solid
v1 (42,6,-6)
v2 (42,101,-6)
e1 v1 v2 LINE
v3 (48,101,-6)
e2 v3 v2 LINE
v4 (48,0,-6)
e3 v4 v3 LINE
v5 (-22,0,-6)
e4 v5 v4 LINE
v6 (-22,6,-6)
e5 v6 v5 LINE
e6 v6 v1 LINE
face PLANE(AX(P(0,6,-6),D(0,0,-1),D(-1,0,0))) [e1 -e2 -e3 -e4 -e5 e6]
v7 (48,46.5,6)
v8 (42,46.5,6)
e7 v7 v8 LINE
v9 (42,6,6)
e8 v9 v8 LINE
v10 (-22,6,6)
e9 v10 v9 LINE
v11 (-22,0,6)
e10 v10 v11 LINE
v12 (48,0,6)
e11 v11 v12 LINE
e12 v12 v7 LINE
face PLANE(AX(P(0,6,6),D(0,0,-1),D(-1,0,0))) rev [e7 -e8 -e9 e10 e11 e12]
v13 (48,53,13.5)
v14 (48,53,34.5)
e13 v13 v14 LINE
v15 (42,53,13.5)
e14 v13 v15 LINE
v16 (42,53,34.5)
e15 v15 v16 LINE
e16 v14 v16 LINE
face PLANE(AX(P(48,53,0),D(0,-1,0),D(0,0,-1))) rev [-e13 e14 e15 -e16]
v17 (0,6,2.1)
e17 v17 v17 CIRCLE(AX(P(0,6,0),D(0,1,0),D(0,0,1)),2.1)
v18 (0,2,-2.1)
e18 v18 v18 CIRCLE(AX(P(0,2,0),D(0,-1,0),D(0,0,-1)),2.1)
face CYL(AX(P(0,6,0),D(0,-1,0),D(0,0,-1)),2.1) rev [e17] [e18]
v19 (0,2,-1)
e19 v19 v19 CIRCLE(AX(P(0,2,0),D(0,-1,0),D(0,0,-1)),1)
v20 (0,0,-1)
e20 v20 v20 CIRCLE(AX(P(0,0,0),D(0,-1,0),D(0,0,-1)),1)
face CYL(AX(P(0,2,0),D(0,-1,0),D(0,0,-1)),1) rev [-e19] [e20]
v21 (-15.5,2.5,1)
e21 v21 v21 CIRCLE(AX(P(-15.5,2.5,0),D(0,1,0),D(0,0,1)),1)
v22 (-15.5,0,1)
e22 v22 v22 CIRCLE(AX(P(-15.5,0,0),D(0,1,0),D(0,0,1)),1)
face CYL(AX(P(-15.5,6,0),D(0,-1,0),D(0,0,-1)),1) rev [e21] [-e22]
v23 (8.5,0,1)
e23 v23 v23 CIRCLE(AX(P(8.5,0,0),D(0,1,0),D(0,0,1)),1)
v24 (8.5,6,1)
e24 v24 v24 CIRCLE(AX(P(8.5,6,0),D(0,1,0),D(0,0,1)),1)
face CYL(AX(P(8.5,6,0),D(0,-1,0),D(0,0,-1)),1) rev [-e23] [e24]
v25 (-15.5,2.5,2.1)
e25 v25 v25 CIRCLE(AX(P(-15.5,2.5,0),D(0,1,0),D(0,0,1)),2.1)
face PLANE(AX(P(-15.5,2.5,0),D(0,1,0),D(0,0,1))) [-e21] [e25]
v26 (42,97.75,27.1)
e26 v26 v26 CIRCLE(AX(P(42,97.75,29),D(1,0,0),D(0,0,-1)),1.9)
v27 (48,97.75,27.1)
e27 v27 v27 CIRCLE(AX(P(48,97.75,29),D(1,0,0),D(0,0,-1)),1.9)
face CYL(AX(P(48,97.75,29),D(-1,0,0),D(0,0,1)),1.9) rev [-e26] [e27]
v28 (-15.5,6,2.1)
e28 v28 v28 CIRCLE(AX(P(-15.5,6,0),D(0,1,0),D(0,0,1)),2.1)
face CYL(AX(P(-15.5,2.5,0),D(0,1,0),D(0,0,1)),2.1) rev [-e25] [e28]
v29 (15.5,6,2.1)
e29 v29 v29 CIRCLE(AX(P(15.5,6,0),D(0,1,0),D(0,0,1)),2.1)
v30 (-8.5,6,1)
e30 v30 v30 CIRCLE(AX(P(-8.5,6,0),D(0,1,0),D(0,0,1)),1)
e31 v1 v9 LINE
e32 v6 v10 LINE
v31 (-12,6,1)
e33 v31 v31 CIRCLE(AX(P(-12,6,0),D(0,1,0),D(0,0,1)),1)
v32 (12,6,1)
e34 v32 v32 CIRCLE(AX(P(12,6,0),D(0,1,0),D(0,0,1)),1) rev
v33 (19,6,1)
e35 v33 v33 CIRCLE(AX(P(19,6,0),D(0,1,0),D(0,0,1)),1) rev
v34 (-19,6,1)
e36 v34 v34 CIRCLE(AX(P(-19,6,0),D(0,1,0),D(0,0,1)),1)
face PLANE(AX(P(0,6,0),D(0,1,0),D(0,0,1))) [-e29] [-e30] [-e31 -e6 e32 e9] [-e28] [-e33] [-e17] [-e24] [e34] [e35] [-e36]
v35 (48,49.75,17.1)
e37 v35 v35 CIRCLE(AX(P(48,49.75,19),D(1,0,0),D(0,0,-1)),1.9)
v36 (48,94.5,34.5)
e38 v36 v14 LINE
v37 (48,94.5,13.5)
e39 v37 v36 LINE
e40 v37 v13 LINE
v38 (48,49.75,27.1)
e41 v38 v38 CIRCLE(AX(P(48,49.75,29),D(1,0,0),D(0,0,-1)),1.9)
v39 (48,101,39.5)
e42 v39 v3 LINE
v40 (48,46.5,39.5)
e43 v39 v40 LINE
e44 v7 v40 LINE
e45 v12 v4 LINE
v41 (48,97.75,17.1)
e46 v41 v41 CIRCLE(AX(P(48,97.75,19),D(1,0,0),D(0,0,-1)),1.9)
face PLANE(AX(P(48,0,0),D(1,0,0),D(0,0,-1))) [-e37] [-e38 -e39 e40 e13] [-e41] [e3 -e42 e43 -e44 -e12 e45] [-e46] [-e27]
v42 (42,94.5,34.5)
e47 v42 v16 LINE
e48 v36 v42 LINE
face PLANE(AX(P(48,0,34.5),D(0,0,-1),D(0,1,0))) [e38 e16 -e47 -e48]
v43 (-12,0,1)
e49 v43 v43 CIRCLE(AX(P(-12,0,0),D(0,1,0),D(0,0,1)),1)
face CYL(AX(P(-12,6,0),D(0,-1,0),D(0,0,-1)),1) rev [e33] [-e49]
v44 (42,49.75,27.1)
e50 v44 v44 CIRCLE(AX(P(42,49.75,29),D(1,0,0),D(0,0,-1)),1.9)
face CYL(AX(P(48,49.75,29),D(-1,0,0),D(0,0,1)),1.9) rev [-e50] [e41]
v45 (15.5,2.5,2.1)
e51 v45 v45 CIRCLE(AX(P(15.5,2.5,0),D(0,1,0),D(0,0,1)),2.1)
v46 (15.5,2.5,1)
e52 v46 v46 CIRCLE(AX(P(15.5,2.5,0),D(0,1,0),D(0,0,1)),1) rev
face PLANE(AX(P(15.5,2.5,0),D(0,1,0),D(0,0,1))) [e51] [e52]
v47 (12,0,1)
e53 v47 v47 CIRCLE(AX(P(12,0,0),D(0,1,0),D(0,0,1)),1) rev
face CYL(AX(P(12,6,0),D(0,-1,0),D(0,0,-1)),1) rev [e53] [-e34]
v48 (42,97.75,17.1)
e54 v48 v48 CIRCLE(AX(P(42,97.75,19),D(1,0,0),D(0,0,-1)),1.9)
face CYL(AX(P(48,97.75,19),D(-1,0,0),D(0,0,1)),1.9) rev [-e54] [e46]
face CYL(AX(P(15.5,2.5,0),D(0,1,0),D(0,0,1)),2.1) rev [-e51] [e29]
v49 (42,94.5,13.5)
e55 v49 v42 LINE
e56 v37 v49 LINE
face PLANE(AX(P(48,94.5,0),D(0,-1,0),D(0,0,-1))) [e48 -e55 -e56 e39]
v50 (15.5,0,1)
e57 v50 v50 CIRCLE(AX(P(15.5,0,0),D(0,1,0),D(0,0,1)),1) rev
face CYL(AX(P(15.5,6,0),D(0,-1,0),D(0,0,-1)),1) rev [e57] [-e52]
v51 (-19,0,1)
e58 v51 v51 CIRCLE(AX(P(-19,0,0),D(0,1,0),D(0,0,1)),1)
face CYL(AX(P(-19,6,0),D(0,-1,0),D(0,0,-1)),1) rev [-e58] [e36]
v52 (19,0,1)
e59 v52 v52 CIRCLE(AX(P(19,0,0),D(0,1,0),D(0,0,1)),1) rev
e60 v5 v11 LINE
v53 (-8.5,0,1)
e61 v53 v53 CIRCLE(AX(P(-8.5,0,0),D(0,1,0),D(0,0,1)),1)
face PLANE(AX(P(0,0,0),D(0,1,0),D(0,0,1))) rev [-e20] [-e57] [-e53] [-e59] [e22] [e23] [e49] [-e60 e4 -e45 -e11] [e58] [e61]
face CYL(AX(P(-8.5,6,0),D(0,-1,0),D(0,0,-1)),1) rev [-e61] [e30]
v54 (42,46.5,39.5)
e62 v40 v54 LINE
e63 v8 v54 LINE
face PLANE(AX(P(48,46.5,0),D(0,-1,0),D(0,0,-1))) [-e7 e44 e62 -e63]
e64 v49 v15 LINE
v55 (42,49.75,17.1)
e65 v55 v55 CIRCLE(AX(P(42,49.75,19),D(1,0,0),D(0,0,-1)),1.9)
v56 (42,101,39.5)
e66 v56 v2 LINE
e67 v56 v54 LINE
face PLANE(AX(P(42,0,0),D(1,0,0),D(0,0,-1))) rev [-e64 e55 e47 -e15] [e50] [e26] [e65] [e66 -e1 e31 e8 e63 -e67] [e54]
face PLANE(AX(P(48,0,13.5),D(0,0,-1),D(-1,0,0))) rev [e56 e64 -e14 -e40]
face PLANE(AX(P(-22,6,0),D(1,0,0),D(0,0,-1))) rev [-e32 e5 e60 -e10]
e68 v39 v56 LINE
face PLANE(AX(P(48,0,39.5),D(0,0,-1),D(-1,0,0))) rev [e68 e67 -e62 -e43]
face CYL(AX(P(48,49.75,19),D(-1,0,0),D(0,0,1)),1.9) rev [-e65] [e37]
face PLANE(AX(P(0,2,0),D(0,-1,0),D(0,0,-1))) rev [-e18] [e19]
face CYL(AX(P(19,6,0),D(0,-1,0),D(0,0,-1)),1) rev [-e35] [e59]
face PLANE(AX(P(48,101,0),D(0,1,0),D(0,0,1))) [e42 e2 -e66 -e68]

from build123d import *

# Parameters (mm, degrees)
CROQUIS1_W              = 44
CROQUIS1_H              = 12
CROQUIS1_R              = 1
CROQUIS1_R_2            = 2.1
SALIENTE_EXTRUIR1_DEPTH = 6
CROQUIS2_W              = 12
CROQUIS2_H              = 6
SALIENTE_EXTRUIR2_DEPTH = 20
CROQUIS3_R              = 1.9
CROQUIS3_W              = 21
CROQUIS3_H              = 41.5
SALIENTE_EXTRUIR3_DEPTH = 6
CROQUIS4_R              = 2.1
CROQUIS4_R_2            = 1
SALIENTE_EXTRUIR4_DEPTH = 2
CROQUIS5_R              = 2.1
CORTAR_EXTRUIR1_DEPTH   = 3.5


with BuildPart() as part:
    # Croquis1 → Saliente-Extruir1 (new body)
    with BuildSketch(Plane(origin=(0, 0, 0), x_dir=(1, 0, 0), z_dir=(0, 1, 0))):
        Rectangle(CROQUIS1_W, CROQUIS1_H)
        with Locations(Location((15.5, 0, 0), (0, 0, 270))):
            Circle(CROQUIS1_R, mode=Mode.SUBTRACT)
        with Locations(Location((0, 0, 0), (0, 0, 270))):
            Circle(CROQUIS1_R_2, mode=Mode.SUBTRACT)
        with Locations(Location((8.5, 0, 0), (0, 0, 270))):
            Circle(CROQUIS1_R, mode=Mode.SUBTRACT)
        with Locations(Location((-8.5, 0, 0), (0, 0, 270))):
            Circle(CROQUIS1_R, mode=Mode.SUBTRACT)
        with Locations(Location((-12, 0, 0), (0, 0, 270))):
            Circle(CROQUIS1_R, mode=Mode.SUBTRACT)
        with Locations(Location((-15.5, 0, 0), (0, 0, 270))):
            Circle(CROQUIS1_R, mode=Mode.SUBTRACT)
        with Locations(Location((-19, 0, 0), (0, 0, 270))):
            Circle(CROQUIS1_R, mode=Mode.SUBTRACT)
        with Locations(Location((12, 0, 0), (0, 0, 270))):
            Circle(CROQUIS1_R, mode=Mode.SUBTRACT)
        with Locations(Location((19, 0, 0), (0, 0, 270))):
            Circle(CROQUIS1_R, mode=Mode.SUBTRACT)
    extrude(amount=SALIENTE_EXTRUIR1_DEPTH)

    # Croquis2 → Saliente-Extruir2 (add)
    with BuildSketch(Plane(origin=(22, 0, 0), x_dir=(0, 0, -1), z_dir=(1, 0, 0))):
        with Locations((0, 3)):
            Rectangle(CROQUIS2_W, CROQUIS2_H)
    extrude(amount=SALIENTE_EXTRUIR2_DEPTH)

    # Croquis3 → Saliente-Extruir3 (add)
    with BuildSketch(Plane(origin=(42, 0, 0), x_dir=(0, 0, -1), z_dir=(1, 0, 0))):
        Polygon((-6, 46.5), (-6, 0), (6, 0), (6, 101), (-39.5, 101), (-39.5, 46.5), align=None)
        with Locations((-19, 97.75)):
            Circle(CROQUIS3_R, mode=Mode.SUBTRACT)
        with Locations((-29, 49.75)):
            Circle(CROQUIS3_R, mode=Mode.SUBTRACT)
        with Locations((-19, 49.75)):
            Circle(CROQUIS3_R, mode=Mode.SUBTRACT)
        with Locations((-29, 97.75)):
            Circle(CROQUIS3_R, mode=Mode.SUBTRACT)
        with Locations((-24, 73.75)):
            Rectangle(CROQUIS3_W, CROQUIS3_H, mode=Mode.SUBTRACT)
    extrude(amount=SALIENTE_EXTRUIR3_DEPTH)

    # Croquis4 → Saliente-Extruir4 (add)
    with BuildSketch(Plane.XZ):
        with Locations(Location((0, 0, 0), (0, 0, 270))):
            Circle(CROQUIS4_R)
        with Locations(Location((0, 0, 0), (0, 0, 270))):
            Circle(CROQUIS4_R_2, mode=Mode.SUBTRACT)
    extrude(amount=-SALIENTE_EXTRUIR4_DEPTH)

    # Croquis5 → Cortar-Extruir1 (cut)
    with BuildSketch(Plane(origin=(0, 6, 0), x_dir=(1, 0, 0), z_dir=(0, 1, 0))):
        with Locations(Location((-15.5, 0, 0), (0, 0, 270))):
            Circle(CROQUIS5_R)
        with Locations(Location((15.5, 0, 0), (0, 0, 270))):
            Circle(CROQUIS5_R)
    extrude(amount=-CORTAR_EXTRUIR1_DEPTH, mode=Mode.SUBTRACT)


solid = part.part
